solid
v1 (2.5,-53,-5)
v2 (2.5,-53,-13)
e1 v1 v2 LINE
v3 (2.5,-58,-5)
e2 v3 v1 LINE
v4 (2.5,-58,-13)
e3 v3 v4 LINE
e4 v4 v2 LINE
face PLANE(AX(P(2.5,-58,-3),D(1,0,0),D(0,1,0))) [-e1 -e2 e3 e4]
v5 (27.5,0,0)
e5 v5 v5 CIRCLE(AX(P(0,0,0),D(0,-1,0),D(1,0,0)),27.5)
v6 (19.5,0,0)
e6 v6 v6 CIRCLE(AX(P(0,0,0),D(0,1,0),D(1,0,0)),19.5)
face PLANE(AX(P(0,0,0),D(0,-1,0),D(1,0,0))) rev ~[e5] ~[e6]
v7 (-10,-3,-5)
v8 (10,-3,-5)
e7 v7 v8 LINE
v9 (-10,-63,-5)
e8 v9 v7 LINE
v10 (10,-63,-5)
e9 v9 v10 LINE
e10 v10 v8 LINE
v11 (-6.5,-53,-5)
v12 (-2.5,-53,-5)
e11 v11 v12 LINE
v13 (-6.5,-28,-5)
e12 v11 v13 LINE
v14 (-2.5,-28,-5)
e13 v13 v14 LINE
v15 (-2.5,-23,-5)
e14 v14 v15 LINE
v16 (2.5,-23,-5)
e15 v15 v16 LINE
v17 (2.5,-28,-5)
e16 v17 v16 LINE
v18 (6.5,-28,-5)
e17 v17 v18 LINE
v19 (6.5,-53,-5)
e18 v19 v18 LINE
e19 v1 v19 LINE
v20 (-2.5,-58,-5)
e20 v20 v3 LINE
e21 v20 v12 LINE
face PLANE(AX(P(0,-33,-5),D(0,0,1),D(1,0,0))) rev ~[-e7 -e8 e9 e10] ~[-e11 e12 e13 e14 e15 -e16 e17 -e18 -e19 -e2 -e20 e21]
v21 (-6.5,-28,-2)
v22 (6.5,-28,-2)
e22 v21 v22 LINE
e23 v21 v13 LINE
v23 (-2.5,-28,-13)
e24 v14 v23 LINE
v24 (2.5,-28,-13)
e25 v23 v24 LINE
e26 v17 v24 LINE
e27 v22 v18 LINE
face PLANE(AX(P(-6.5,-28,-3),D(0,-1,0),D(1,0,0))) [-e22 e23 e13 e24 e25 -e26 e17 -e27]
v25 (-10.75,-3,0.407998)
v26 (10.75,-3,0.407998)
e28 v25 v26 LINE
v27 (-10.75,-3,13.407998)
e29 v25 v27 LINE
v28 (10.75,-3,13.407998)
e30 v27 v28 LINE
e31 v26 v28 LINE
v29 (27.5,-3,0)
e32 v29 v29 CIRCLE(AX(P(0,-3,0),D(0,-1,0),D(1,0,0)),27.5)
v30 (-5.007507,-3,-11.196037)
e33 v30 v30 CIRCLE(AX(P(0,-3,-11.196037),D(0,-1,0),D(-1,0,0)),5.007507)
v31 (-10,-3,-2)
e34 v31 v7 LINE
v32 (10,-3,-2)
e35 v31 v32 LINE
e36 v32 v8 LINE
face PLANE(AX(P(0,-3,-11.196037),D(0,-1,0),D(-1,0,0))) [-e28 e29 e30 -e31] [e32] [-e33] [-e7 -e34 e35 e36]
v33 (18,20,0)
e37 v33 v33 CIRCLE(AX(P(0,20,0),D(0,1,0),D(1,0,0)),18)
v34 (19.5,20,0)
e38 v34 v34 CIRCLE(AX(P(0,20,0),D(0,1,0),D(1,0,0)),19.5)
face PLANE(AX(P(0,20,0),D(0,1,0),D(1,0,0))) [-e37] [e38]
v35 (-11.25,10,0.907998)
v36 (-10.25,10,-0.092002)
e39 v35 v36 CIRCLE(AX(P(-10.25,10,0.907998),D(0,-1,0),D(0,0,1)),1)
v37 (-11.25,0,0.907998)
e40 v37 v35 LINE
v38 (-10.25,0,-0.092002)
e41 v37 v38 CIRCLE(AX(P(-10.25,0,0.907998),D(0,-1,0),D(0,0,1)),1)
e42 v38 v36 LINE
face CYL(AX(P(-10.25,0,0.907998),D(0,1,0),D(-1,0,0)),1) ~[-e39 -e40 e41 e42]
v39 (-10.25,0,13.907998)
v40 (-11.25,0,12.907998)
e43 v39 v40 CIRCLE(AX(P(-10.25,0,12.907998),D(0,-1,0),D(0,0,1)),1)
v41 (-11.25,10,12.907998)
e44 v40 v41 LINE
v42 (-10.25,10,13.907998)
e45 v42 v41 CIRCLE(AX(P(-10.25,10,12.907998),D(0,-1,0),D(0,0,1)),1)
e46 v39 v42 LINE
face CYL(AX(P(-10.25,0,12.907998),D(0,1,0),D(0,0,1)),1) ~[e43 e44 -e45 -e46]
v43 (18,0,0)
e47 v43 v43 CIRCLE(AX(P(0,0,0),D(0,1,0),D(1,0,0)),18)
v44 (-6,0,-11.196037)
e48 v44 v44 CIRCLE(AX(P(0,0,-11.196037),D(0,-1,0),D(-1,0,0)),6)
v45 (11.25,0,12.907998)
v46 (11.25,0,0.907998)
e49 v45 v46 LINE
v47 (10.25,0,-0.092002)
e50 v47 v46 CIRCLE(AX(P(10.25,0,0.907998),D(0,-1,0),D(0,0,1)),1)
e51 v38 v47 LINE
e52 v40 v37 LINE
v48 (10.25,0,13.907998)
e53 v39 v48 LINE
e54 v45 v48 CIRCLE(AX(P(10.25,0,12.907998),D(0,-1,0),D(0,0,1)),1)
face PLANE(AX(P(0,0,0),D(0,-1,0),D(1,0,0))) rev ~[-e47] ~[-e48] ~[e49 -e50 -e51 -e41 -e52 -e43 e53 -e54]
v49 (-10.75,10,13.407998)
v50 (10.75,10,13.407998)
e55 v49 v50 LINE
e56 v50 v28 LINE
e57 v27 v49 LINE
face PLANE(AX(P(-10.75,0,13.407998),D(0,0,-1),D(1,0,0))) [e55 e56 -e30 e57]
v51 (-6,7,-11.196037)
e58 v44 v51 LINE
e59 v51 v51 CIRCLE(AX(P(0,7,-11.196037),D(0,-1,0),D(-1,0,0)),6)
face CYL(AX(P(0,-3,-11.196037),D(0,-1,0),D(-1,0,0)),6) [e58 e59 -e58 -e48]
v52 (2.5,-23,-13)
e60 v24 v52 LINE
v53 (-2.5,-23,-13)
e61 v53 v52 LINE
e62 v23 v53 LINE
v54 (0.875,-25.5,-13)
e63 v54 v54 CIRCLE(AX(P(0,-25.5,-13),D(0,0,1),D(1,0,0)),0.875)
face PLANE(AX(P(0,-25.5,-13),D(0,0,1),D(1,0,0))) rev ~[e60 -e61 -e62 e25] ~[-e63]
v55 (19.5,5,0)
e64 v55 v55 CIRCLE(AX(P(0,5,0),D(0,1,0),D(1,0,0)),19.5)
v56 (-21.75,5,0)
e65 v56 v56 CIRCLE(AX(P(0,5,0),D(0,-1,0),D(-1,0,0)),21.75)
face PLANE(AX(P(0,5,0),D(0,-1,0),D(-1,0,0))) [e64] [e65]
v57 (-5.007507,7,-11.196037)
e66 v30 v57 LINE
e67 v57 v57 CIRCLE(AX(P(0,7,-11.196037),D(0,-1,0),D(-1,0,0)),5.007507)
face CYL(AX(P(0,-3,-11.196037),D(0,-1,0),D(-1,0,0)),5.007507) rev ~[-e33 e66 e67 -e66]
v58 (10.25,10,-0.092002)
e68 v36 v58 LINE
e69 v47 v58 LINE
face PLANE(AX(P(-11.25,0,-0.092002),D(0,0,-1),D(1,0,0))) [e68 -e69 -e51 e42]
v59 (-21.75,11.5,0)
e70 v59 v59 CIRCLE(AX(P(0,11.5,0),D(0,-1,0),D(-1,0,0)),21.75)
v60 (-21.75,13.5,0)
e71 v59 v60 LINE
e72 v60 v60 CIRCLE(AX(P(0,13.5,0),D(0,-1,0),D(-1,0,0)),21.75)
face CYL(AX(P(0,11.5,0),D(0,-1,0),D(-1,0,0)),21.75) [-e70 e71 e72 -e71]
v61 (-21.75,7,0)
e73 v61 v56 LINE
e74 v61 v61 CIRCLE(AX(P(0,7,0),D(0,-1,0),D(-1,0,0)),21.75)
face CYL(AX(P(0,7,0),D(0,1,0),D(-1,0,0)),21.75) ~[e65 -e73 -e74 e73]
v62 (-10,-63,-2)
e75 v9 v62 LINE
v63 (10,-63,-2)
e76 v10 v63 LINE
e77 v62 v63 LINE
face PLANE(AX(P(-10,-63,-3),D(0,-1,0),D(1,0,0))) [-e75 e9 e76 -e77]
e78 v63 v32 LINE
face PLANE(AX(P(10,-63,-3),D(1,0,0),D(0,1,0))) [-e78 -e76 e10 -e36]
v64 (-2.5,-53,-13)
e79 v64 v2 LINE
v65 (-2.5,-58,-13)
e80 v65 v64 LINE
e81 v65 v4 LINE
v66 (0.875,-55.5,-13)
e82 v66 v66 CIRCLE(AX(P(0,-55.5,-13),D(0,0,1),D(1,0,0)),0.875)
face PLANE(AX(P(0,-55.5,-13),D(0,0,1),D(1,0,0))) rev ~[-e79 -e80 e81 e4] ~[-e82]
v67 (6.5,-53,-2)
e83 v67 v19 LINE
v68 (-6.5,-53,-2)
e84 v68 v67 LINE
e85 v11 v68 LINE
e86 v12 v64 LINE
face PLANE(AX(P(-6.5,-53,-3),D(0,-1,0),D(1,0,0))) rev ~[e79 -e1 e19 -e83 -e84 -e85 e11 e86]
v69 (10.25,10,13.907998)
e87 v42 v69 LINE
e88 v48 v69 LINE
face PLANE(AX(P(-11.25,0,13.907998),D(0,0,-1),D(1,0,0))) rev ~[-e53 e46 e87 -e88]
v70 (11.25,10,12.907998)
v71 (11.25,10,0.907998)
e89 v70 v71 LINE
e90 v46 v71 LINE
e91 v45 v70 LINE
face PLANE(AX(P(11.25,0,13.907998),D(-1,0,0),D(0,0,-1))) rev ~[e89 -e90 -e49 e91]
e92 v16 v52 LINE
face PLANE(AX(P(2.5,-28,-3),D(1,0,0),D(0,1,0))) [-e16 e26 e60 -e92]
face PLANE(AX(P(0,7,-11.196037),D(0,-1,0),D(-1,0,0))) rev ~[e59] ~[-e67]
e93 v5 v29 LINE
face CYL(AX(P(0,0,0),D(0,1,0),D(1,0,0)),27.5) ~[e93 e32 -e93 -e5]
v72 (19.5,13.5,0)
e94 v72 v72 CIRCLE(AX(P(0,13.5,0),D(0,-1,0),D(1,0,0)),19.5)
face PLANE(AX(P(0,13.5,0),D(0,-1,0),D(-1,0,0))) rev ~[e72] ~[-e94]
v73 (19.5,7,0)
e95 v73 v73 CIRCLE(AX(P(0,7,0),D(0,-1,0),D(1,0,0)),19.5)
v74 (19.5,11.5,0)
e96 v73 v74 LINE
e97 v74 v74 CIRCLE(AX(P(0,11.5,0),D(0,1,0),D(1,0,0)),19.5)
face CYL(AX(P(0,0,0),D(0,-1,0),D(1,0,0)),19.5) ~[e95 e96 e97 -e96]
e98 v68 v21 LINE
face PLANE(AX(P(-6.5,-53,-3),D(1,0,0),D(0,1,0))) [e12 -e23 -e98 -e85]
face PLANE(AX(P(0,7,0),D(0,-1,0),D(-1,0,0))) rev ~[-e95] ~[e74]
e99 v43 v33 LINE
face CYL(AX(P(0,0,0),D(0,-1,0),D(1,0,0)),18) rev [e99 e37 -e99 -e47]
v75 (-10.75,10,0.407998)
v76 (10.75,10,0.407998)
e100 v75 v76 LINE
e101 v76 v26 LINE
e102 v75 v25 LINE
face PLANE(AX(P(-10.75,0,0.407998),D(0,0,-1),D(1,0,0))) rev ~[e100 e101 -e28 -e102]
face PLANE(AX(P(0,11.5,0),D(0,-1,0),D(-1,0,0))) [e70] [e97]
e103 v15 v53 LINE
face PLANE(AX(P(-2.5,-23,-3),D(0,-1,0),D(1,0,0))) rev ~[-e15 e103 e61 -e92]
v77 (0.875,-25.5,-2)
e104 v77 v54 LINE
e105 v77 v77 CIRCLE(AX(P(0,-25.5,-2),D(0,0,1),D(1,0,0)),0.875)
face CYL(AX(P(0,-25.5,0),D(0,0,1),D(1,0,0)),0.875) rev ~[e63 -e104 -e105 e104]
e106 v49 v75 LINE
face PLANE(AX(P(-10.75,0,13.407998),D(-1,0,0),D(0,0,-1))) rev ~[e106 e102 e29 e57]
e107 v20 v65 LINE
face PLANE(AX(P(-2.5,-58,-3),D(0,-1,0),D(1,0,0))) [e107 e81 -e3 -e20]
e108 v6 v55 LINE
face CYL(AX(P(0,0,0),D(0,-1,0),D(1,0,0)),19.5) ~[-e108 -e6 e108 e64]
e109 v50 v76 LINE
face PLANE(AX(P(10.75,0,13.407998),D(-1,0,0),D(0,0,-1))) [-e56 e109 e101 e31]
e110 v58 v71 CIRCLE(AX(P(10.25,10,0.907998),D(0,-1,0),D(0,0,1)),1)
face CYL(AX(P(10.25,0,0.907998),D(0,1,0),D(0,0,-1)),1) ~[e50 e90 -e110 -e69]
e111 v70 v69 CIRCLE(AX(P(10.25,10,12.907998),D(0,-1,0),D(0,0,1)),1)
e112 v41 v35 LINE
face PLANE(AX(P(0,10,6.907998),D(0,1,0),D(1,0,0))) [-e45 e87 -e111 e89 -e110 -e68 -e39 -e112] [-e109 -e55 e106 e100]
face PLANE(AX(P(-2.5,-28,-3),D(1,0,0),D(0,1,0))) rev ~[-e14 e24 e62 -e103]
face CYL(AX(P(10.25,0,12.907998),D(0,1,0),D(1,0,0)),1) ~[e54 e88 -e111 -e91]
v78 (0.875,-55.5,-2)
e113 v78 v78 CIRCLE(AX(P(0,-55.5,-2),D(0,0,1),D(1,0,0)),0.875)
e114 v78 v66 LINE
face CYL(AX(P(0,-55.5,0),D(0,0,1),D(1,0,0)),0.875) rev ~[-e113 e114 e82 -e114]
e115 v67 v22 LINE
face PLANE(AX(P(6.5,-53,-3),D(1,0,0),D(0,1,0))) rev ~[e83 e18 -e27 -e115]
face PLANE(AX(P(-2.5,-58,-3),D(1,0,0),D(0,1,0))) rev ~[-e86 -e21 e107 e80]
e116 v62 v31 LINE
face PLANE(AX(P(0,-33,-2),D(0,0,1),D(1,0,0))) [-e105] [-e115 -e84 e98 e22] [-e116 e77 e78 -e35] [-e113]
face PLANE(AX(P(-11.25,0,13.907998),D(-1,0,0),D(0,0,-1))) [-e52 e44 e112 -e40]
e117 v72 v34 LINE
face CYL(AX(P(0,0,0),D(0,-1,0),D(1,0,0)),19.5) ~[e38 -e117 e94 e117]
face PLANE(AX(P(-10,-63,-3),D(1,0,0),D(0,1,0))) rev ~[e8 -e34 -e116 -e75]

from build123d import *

# Parameters (mm, degrees)
SKETCH_1_R               = 19.5
SKETCH_1_R_2             = 18
EXTRUDE_1_DEPTH          = 20
SKETCH_3_R               = 27.5
EXTRUDE_2_DEPTH          = 3
SKETCH_10_R              = 6
SKETCH_10_R_2            = 5
EXTRUDE_6_DEPTH          = 10
SKETCH_11_R              = 5.007506695
CUT_EXTRUDE_4_DEPTH      = 19
CUT_EXTRUDE_4_DEPTH_BACK = 10
SKETCH_15_W              = 20
SKETCH_15_H              = 60
SKETCH_15_W_2            = 13
SKETCH_15_H_2            = 25
EXTRUDE_7_DEPTH          = 1
EXTRUDE_7_DEPTH_BACK     = 2
SKETCH_16_W              = 5
SKETCH_16_H              = 5
EXTRUDE_8_DEPTH          = 10
SKETCH_18_R              = 0.875
CUT_EXTRUDE_5_DEPTH      = 10
CUT_EXTRUDE_5_DEPTH_BACK = 39
SKETCH_12_W              = 21.5
SKETCH_12_H              = 13
CUT_EXTRUDE_6_DEPTH      = 21.5
SKETCH_19_W              = 22.5
SKETCH_19_H              = 14
SKETCH_19_W_2            = 21.5
SKETCH_19_H_2            = 13
EXTRUDE_9_DEPTH          = 10
FILLET_2_R               = 1
FILLET_3_R               = 1
FILLET_4_R               = 1
FILLET_5_R               = 1
SKETCH_25_R              = 21.75
SKETCH_25_R_2            = 19.5
EXTRUDE_12_DEPTH         = 2
EXTRUDE_START            = -1
SKETCH_26_R              = 21.75
SKETCH_26_R_2            = 19.5
EXTRUDE_13_DEPTH         = 2


with BuildPart() as part:
    # 草圖1 → 填料-伸長1 (new body)
    with BuildSketch(Plane(origin=(0, 0, 0), x_dir=(1, 0, 0), z_dir=(0, 1, 0))):
        Circle(SKETCH_1_R)
        Circle(SKETCH_1_R_2, mode=Mode.SUBTRACT)
    extrude(amount=EXTRUDE_1_DEPTH)

    # 草圖3 → 填料-伸長2 (add)
    with BuildSketch(Plane.XZ):
        Circle(SKETCH_3_R)
    extrude(amount=EXTRUDE_2_DEPTH)

    # 草圖10 → 填料-伸長6 (add)
    with BuildSketch(Plane(origin=(0, -3, 0), x_dir=(-1, 0, 0), z_dir=(0, -1, 0))):
        with Locations((0, 11.196036894)):
            Circle(SKETCH_10_R)
        with Locations((0, 11.196036894)):
            Circle(SKETCH_10_R_2, mode=Mode.SUBTRACT)
    extrude(amount=-EXTRUDE_6_DEPTH)

    # 草圖11 → 除料-伸長4 (cut, two sides)
    with BuildSketch(Plane(origin=(0, -3, 0), x_dir=(-1, 0, 0), z_dir=(0, -1, 0))) as cut_extrude_4_sk:
        with Locations((0, 11.196036894)):
            Circle(SKETCH_11_R)
    extrude(amount=CUT_EXTRUDE_4_DEPTH, mode=Mode.SUBTRACT)
    extrude(cut_extrude_4_sk.sketch, amount=-CUT_EXTRUDE_4_DEPTH_BACK, mode=Mode.SUBTRACT)

    # 草圖15 → 填料-伸長7 (add, two sides)
    with BuildSketch(Plane.XY.offset(-3)) as extrude_7_sk:
        with Locations((0, -33)):
            Rectangle(SKETCH_15_W, SKETCH_15_H)
        with Locations((0, -40.5)):
            Rectangle(SKETCH_15_W_2, SKETCH_15_H_2, mode=Mode.SUBTRACT)
    extrude(amount=EXTRUDE_7_DEPTH)
    extrude(extrude_7_sk.sketch, amount=-EXTRUDE_7_DEPTH_BACK)

    # 草圖16 → 填料-伸長8 (add)
    with BuildSketch(Plane.XY.offset(-3)):
        with Locations((0, -25.5)):
            Rectangle(SKETCH_16_W, SKETCH_16_H)
        with Locations((0, -55.5)):
            Rectangle(SKETCH_16_W, SKETCH_16_H)
    extrude(amount=-EXTRUDE_8_DEPTH)

    # 草圖18 → 除料-伸長5 (cut, two sides)
    with BuildSketch(Plane.XY) as cut_extrude_5_sk:
        with Locations((0, -55.5)):
            Circle(SKETCH_18_R)
        with Locations((0, -25.5)):
            Circle(SKETCH_18_R)
    extrude(amount=CUT_EXTRUDE_5_DEPTH, mode=Mode.SUBTRACT)
    extrude(cut_extrude_5_sk.sketch, amount=-CUT_EXTRUDE_5_DEPTH_BACK, mode=Mode.SUBTRACT)

    # 草圖12 → 除料-伸長6 (cut)
    with BuildSketch(Plane.XZ.offset(3)):
        with Locations((0, 6.907998134)):
            Rectangle(SKETCH_12_W, SKETCH_12_H)
    extrude(amount=-CUT_EXTRUDE_6_DEPTH, mode=Mode.SUBTRACT)

    # 草圖19 → 填料-伸長9 (add)
    with BuildSketch(Plane(origin=(0, 0, 0), x_dir=(1, 0, 0), z_dir=(0, 1, 0))):
        with Locations((0, -6.907998134)):
            Rectangle(SKETCH_19_W, SKETCH_19_H)
        with Locations((0, -6.907998134)):
            Rectangle(SKETCH_19_W_2, SKETCH_19_H_2, mode=Mode.SUBTRACT)
    extrude(amount=EXTRUDE_9_DEPTH)

    # 圓角2
    fillet_2_edges = [part.edges().sort_by_distance(p)[0] for p in [
        (-11.25, 5, -0.092001866),
    ]]
    fillet(fillet_2_edges, radius=FILLET_2_R)

    # 圓角3
    fillet_3_edges = [part.edges().sort_by_distance(p)[0] for p in [
        (11.25, 5, -0.092001866),
    ]]
    fillet(fillet_3_edges, radius=FILLET_3_R)

    # 圓角4
    fillet_4_edges = [part.edges().sort_by_distance(p)[0] for p in [
        (11.25, 5, 13.907998134),
    ]]
    fillet(fillet_4_edges, radius=FILLET_4_R)

    # 圓角5
    fillet_5_edges = [part.edges().sort_by_distance(p)[0] for p in [
        (-11.25, 5, 13.907998134),
    ]]
    fillet(fillet_5_edges, radius=FILLET_5_R)

    # 草圖25 → 填料-伸長12 (add)
    with BuildSketch(Plane(origin=(0, 7, 0), x_dir=(-1, 0, 0), z_dir=(0, -1, 0))):
        Circle(SKETCH_25_R)
        Circle(SKETCH_25_R_2, mode=Mode.SUBTRACT)
    extrude(amount=EXTRUDE_12_DEPTH)

    # 草圖26 → 填料-伸長13 (add)
    with BuildSketch(Plane(origin=(0, 10.5, 0), x_dir=(-1, 0, 0), z_dir=(0, -1, 0)).offset(EXTRUDE_START)):
        Circle(SKETCH_26_R)
        Circle(SKETCH_26_R_2, mode=Mode.SUBTRACT)
    extrude(amount=-EXTRUDE_13_DEPTH)


solid = part.part
